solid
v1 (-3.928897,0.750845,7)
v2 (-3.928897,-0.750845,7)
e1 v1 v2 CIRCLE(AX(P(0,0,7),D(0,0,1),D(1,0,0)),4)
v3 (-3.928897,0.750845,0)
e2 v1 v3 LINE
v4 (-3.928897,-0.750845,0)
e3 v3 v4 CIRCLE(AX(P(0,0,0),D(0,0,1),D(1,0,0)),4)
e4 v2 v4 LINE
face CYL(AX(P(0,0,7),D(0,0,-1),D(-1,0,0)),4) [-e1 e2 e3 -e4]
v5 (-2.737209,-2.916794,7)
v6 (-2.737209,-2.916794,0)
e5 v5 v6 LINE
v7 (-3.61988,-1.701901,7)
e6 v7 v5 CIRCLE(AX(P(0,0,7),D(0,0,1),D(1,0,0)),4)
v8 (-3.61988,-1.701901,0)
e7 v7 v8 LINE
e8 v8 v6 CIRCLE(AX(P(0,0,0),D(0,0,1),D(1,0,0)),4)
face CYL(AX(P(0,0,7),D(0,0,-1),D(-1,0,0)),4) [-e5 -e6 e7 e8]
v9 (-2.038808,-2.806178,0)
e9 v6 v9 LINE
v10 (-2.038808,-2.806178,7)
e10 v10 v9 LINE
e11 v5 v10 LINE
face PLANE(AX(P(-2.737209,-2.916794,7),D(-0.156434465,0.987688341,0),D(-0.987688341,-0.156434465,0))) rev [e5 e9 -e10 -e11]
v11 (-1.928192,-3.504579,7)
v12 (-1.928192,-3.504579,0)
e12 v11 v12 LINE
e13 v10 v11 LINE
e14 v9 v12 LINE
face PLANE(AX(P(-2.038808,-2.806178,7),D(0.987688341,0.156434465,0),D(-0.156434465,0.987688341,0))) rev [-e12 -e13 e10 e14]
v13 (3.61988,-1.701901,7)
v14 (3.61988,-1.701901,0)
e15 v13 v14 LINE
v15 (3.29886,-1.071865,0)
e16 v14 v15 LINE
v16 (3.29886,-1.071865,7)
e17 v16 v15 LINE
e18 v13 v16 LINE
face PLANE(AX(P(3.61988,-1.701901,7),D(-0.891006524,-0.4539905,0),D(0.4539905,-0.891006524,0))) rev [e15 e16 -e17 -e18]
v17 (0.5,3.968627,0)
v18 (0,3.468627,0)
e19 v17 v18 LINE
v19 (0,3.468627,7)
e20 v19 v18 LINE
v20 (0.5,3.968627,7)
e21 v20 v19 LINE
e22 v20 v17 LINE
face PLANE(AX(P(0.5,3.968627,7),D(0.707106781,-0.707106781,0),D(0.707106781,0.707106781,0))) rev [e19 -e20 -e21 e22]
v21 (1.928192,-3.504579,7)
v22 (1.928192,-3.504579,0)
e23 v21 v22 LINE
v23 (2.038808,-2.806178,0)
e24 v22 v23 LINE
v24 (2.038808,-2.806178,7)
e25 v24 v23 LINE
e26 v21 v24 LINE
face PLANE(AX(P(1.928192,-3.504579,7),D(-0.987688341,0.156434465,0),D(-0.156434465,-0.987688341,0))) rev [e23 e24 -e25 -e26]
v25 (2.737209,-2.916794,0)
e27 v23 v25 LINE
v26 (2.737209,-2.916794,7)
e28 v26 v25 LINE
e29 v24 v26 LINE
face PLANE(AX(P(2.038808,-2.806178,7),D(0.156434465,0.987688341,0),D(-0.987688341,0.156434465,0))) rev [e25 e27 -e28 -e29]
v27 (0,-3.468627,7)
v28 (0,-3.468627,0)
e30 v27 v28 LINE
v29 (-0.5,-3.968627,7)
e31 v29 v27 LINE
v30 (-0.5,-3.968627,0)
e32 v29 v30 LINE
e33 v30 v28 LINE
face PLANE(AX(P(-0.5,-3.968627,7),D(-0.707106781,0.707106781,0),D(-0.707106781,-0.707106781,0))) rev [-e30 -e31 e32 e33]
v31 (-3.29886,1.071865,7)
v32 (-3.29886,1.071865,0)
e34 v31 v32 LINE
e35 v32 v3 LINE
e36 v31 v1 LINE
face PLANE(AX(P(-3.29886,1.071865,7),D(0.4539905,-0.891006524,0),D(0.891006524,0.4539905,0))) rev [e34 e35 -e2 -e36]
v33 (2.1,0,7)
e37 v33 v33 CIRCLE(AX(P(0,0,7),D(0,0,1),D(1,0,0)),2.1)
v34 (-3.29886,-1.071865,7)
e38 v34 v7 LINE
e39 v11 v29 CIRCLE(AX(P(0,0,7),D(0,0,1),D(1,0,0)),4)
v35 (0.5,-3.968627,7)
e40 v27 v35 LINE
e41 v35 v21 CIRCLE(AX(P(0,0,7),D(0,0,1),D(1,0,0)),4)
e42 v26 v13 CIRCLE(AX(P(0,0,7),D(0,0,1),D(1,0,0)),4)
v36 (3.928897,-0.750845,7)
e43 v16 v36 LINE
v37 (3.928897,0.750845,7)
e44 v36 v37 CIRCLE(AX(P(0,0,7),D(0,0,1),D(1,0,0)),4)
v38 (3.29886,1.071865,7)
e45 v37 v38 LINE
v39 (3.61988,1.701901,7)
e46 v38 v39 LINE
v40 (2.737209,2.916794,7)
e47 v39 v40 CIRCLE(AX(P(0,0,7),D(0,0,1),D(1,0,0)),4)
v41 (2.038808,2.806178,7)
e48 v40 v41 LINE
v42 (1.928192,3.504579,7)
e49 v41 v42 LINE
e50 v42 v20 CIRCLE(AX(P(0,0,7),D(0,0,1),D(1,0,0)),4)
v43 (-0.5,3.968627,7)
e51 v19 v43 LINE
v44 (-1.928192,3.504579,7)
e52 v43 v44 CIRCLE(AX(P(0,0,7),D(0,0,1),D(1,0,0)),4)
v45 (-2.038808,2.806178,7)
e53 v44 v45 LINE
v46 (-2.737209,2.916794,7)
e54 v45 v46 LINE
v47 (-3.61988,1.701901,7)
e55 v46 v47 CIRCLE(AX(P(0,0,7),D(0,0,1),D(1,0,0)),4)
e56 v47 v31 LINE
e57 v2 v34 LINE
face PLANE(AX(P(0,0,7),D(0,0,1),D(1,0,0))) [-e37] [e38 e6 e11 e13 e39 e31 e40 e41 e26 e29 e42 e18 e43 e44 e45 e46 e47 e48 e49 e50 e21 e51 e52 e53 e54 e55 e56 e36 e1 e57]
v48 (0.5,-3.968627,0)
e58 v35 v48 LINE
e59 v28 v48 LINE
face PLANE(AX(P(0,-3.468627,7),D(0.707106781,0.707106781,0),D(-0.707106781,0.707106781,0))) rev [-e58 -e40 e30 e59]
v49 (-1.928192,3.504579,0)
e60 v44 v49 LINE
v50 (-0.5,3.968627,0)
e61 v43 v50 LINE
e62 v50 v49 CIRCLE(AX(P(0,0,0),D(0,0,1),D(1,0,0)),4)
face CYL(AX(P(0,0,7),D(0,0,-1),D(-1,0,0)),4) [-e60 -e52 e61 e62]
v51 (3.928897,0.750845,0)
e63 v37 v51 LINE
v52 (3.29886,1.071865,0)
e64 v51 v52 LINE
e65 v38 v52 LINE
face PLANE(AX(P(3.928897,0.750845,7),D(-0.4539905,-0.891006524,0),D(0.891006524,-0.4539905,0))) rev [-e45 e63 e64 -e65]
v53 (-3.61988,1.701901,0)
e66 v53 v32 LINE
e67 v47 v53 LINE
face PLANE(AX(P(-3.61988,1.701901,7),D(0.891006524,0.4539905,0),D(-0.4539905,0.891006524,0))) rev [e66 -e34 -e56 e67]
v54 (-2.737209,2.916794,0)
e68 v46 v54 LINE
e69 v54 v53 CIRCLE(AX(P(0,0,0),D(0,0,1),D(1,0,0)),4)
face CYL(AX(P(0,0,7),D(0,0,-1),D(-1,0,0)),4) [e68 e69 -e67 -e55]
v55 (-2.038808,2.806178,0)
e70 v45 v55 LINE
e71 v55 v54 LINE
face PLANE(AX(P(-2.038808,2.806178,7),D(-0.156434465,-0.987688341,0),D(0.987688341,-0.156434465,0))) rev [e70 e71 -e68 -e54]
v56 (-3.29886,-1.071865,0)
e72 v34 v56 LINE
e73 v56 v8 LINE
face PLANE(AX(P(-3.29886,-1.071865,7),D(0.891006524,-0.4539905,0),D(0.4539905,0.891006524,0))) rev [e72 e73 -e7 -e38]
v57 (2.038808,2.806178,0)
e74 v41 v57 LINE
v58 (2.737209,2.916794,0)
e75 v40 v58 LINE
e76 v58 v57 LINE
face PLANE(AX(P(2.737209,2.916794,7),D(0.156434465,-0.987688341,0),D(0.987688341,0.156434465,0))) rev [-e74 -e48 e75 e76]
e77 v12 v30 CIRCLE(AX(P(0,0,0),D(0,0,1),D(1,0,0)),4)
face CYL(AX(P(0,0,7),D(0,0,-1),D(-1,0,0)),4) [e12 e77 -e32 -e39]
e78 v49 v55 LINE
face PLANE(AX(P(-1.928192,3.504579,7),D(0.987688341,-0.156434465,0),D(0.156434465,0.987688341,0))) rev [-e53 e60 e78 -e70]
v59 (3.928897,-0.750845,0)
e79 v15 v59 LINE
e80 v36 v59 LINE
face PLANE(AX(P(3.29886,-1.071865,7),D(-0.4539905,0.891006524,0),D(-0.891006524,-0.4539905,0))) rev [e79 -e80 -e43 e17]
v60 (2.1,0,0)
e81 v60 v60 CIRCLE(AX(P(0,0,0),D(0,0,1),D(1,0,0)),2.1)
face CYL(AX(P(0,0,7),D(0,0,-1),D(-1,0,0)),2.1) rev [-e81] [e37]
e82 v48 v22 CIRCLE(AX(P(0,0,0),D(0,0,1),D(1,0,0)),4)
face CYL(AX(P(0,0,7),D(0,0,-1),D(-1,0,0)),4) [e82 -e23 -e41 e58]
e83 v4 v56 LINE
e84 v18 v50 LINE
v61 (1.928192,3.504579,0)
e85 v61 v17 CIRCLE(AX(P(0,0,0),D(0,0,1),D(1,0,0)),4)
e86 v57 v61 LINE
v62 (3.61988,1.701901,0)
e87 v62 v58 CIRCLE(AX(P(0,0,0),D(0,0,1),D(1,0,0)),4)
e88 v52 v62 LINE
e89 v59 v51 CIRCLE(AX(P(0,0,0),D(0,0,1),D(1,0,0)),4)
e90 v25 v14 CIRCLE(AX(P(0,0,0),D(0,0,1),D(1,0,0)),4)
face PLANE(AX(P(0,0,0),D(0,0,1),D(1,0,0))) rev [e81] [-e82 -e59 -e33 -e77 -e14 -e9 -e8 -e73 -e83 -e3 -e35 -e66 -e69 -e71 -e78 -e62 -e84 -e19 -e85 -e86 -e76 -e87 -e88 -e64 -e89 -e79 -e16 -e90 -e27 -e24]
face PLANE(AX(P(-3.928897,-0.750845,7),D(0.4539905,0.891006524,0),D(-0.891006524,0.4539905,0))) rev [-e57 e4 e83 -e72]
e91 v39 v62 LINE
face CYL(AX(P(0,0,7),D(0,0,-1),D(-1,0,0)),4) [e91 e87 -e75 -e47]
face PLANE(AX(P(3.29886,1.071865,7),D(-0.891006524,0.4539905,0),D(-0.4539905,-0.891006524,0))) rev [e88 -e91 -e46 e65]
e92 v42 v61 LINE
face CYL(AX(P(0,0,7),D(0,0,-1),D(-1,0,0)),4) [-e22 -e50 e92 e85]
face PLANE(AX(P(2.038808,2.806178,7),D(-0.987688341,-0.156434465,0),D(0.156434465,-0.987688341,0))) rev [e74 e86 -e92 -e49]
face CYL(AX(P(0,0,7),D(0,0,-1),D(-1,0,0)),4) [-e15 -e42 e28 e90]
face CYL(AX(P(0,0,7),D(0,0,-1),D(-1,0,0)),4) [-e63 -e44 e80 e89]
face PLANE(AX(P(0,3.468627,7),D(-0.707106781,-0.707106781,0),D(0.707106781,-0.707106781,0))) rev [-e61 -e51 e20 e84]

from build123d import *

# Parameters (mm, degrees)
SKETCH1_R           = 2.1
BOSS_EXTRUDE1_DEPTH = 7


with BuildPart() as part:
    # Sketch1 → Boss-Extrude1 (new body)
    with BuildSketch(Plane.XY):
        with BuildLine():
            Line((0.5, 3.968626967), (0, 3.468626967))
            Line((0, 3.468626967), (-0.5, 3.968626967))
            ThreePointArc((-0.5, 3.968626967), (-1.236067977, 3.804226065), (-1.928191906, 3.504579286))
            Line((-1.928191906, 3.504579286), (-2.038807777, 2.806178163))
            Line((-2.038807777, 2.806178163), (-2.7372089, 2.916794034))
            ThreePointArc((-2.7372089, 2.916794034), (-3.236067977, 2.351141009), (-3.61988004, 1.701901435))
            Line((-3.61988004, 1.701901435), (-3.298860279, 1.07186468))
            Line((-3.298860279, 1.07186468), (-3.928897035, 0.750844919))
            ThreePointArc((-3.928897035, 0.750844919), (-4, 0), (-3.928897035, -0.750844919))
            Line((-3.928897035, -0.750844919), (-3.298860279, -1.07186468))
            Line((-3.298860279, -1.07186468), (-3.61988004, -1.701901435))
            ThreePointArc((-3.61988004, -1.701901435), (-3.236067977, -2.351141009), (-2.7372089, -2.916794034))
            Line((-2.7372089, -2.916794034), (-2.038807777, -2.806178163))
            Line((-2.038807777, -2.806178163), (-1.928191906, -3.504579286))
            ThreePointArc((-1.928191906, -3.504579286), (-1.236067977, -3.804226065), (-0.5, -3.968626967))
            Line((-0.5, -3.968626967), (0, -3.468626967))
            Line((0, -3.468626967), (0.5, -3.968626967))
            ThreePointArc((0.5, -3.968626967), (1.236067977, -3.804226065), (1.928191906, -3.504579286))
            Line((1.928191906, -3.504579286), (2.038807777, -2.806178163))
            Line((2.038807777, -2.806178163), (2.7372089, -2.916794034))
            ThreePointArc((2.7372089, -2.916794034), (3.236067977, -2.351141009), (3.61988004, -1.701901435))
            Line((3.61988004, -1.701901435), (3.298860279, -1.07186468))
            Line((3.298860279, -1.07186468), (3.928897035, -0.750844919))
            ThreePointArc((3.928897035, -0.750844919), (4, 0), (3.928897035, 0.750844919))
            Line((3.928897035, 0.750844919), (3.298860279, 1.07186468))
            Line((3.298860279, 1.07186468), (3.61988004, 1.701901435))
            ThreePointArc((3.61988004, 1.701901435), (3.236067977, 2.351141009), (2.7372089, 2.916794034))
            Line((2.7372089, 2.916794034), (2.038807777, 2.806178163))
            Line((2.038807777, 2.806178163), (1.928191906, 3.504579286))
            ThreePointArc((1.928191906, 3.504579286), (1.236067977, 3.804226065), (0.5, 3.968626967))
        make_face()
        Circle(SKETCH1_R, mode=Mode.SUBTRACT)
    extrude(amount=BOSS_EXTRUDE1_DEPTH)


solid = part.part
